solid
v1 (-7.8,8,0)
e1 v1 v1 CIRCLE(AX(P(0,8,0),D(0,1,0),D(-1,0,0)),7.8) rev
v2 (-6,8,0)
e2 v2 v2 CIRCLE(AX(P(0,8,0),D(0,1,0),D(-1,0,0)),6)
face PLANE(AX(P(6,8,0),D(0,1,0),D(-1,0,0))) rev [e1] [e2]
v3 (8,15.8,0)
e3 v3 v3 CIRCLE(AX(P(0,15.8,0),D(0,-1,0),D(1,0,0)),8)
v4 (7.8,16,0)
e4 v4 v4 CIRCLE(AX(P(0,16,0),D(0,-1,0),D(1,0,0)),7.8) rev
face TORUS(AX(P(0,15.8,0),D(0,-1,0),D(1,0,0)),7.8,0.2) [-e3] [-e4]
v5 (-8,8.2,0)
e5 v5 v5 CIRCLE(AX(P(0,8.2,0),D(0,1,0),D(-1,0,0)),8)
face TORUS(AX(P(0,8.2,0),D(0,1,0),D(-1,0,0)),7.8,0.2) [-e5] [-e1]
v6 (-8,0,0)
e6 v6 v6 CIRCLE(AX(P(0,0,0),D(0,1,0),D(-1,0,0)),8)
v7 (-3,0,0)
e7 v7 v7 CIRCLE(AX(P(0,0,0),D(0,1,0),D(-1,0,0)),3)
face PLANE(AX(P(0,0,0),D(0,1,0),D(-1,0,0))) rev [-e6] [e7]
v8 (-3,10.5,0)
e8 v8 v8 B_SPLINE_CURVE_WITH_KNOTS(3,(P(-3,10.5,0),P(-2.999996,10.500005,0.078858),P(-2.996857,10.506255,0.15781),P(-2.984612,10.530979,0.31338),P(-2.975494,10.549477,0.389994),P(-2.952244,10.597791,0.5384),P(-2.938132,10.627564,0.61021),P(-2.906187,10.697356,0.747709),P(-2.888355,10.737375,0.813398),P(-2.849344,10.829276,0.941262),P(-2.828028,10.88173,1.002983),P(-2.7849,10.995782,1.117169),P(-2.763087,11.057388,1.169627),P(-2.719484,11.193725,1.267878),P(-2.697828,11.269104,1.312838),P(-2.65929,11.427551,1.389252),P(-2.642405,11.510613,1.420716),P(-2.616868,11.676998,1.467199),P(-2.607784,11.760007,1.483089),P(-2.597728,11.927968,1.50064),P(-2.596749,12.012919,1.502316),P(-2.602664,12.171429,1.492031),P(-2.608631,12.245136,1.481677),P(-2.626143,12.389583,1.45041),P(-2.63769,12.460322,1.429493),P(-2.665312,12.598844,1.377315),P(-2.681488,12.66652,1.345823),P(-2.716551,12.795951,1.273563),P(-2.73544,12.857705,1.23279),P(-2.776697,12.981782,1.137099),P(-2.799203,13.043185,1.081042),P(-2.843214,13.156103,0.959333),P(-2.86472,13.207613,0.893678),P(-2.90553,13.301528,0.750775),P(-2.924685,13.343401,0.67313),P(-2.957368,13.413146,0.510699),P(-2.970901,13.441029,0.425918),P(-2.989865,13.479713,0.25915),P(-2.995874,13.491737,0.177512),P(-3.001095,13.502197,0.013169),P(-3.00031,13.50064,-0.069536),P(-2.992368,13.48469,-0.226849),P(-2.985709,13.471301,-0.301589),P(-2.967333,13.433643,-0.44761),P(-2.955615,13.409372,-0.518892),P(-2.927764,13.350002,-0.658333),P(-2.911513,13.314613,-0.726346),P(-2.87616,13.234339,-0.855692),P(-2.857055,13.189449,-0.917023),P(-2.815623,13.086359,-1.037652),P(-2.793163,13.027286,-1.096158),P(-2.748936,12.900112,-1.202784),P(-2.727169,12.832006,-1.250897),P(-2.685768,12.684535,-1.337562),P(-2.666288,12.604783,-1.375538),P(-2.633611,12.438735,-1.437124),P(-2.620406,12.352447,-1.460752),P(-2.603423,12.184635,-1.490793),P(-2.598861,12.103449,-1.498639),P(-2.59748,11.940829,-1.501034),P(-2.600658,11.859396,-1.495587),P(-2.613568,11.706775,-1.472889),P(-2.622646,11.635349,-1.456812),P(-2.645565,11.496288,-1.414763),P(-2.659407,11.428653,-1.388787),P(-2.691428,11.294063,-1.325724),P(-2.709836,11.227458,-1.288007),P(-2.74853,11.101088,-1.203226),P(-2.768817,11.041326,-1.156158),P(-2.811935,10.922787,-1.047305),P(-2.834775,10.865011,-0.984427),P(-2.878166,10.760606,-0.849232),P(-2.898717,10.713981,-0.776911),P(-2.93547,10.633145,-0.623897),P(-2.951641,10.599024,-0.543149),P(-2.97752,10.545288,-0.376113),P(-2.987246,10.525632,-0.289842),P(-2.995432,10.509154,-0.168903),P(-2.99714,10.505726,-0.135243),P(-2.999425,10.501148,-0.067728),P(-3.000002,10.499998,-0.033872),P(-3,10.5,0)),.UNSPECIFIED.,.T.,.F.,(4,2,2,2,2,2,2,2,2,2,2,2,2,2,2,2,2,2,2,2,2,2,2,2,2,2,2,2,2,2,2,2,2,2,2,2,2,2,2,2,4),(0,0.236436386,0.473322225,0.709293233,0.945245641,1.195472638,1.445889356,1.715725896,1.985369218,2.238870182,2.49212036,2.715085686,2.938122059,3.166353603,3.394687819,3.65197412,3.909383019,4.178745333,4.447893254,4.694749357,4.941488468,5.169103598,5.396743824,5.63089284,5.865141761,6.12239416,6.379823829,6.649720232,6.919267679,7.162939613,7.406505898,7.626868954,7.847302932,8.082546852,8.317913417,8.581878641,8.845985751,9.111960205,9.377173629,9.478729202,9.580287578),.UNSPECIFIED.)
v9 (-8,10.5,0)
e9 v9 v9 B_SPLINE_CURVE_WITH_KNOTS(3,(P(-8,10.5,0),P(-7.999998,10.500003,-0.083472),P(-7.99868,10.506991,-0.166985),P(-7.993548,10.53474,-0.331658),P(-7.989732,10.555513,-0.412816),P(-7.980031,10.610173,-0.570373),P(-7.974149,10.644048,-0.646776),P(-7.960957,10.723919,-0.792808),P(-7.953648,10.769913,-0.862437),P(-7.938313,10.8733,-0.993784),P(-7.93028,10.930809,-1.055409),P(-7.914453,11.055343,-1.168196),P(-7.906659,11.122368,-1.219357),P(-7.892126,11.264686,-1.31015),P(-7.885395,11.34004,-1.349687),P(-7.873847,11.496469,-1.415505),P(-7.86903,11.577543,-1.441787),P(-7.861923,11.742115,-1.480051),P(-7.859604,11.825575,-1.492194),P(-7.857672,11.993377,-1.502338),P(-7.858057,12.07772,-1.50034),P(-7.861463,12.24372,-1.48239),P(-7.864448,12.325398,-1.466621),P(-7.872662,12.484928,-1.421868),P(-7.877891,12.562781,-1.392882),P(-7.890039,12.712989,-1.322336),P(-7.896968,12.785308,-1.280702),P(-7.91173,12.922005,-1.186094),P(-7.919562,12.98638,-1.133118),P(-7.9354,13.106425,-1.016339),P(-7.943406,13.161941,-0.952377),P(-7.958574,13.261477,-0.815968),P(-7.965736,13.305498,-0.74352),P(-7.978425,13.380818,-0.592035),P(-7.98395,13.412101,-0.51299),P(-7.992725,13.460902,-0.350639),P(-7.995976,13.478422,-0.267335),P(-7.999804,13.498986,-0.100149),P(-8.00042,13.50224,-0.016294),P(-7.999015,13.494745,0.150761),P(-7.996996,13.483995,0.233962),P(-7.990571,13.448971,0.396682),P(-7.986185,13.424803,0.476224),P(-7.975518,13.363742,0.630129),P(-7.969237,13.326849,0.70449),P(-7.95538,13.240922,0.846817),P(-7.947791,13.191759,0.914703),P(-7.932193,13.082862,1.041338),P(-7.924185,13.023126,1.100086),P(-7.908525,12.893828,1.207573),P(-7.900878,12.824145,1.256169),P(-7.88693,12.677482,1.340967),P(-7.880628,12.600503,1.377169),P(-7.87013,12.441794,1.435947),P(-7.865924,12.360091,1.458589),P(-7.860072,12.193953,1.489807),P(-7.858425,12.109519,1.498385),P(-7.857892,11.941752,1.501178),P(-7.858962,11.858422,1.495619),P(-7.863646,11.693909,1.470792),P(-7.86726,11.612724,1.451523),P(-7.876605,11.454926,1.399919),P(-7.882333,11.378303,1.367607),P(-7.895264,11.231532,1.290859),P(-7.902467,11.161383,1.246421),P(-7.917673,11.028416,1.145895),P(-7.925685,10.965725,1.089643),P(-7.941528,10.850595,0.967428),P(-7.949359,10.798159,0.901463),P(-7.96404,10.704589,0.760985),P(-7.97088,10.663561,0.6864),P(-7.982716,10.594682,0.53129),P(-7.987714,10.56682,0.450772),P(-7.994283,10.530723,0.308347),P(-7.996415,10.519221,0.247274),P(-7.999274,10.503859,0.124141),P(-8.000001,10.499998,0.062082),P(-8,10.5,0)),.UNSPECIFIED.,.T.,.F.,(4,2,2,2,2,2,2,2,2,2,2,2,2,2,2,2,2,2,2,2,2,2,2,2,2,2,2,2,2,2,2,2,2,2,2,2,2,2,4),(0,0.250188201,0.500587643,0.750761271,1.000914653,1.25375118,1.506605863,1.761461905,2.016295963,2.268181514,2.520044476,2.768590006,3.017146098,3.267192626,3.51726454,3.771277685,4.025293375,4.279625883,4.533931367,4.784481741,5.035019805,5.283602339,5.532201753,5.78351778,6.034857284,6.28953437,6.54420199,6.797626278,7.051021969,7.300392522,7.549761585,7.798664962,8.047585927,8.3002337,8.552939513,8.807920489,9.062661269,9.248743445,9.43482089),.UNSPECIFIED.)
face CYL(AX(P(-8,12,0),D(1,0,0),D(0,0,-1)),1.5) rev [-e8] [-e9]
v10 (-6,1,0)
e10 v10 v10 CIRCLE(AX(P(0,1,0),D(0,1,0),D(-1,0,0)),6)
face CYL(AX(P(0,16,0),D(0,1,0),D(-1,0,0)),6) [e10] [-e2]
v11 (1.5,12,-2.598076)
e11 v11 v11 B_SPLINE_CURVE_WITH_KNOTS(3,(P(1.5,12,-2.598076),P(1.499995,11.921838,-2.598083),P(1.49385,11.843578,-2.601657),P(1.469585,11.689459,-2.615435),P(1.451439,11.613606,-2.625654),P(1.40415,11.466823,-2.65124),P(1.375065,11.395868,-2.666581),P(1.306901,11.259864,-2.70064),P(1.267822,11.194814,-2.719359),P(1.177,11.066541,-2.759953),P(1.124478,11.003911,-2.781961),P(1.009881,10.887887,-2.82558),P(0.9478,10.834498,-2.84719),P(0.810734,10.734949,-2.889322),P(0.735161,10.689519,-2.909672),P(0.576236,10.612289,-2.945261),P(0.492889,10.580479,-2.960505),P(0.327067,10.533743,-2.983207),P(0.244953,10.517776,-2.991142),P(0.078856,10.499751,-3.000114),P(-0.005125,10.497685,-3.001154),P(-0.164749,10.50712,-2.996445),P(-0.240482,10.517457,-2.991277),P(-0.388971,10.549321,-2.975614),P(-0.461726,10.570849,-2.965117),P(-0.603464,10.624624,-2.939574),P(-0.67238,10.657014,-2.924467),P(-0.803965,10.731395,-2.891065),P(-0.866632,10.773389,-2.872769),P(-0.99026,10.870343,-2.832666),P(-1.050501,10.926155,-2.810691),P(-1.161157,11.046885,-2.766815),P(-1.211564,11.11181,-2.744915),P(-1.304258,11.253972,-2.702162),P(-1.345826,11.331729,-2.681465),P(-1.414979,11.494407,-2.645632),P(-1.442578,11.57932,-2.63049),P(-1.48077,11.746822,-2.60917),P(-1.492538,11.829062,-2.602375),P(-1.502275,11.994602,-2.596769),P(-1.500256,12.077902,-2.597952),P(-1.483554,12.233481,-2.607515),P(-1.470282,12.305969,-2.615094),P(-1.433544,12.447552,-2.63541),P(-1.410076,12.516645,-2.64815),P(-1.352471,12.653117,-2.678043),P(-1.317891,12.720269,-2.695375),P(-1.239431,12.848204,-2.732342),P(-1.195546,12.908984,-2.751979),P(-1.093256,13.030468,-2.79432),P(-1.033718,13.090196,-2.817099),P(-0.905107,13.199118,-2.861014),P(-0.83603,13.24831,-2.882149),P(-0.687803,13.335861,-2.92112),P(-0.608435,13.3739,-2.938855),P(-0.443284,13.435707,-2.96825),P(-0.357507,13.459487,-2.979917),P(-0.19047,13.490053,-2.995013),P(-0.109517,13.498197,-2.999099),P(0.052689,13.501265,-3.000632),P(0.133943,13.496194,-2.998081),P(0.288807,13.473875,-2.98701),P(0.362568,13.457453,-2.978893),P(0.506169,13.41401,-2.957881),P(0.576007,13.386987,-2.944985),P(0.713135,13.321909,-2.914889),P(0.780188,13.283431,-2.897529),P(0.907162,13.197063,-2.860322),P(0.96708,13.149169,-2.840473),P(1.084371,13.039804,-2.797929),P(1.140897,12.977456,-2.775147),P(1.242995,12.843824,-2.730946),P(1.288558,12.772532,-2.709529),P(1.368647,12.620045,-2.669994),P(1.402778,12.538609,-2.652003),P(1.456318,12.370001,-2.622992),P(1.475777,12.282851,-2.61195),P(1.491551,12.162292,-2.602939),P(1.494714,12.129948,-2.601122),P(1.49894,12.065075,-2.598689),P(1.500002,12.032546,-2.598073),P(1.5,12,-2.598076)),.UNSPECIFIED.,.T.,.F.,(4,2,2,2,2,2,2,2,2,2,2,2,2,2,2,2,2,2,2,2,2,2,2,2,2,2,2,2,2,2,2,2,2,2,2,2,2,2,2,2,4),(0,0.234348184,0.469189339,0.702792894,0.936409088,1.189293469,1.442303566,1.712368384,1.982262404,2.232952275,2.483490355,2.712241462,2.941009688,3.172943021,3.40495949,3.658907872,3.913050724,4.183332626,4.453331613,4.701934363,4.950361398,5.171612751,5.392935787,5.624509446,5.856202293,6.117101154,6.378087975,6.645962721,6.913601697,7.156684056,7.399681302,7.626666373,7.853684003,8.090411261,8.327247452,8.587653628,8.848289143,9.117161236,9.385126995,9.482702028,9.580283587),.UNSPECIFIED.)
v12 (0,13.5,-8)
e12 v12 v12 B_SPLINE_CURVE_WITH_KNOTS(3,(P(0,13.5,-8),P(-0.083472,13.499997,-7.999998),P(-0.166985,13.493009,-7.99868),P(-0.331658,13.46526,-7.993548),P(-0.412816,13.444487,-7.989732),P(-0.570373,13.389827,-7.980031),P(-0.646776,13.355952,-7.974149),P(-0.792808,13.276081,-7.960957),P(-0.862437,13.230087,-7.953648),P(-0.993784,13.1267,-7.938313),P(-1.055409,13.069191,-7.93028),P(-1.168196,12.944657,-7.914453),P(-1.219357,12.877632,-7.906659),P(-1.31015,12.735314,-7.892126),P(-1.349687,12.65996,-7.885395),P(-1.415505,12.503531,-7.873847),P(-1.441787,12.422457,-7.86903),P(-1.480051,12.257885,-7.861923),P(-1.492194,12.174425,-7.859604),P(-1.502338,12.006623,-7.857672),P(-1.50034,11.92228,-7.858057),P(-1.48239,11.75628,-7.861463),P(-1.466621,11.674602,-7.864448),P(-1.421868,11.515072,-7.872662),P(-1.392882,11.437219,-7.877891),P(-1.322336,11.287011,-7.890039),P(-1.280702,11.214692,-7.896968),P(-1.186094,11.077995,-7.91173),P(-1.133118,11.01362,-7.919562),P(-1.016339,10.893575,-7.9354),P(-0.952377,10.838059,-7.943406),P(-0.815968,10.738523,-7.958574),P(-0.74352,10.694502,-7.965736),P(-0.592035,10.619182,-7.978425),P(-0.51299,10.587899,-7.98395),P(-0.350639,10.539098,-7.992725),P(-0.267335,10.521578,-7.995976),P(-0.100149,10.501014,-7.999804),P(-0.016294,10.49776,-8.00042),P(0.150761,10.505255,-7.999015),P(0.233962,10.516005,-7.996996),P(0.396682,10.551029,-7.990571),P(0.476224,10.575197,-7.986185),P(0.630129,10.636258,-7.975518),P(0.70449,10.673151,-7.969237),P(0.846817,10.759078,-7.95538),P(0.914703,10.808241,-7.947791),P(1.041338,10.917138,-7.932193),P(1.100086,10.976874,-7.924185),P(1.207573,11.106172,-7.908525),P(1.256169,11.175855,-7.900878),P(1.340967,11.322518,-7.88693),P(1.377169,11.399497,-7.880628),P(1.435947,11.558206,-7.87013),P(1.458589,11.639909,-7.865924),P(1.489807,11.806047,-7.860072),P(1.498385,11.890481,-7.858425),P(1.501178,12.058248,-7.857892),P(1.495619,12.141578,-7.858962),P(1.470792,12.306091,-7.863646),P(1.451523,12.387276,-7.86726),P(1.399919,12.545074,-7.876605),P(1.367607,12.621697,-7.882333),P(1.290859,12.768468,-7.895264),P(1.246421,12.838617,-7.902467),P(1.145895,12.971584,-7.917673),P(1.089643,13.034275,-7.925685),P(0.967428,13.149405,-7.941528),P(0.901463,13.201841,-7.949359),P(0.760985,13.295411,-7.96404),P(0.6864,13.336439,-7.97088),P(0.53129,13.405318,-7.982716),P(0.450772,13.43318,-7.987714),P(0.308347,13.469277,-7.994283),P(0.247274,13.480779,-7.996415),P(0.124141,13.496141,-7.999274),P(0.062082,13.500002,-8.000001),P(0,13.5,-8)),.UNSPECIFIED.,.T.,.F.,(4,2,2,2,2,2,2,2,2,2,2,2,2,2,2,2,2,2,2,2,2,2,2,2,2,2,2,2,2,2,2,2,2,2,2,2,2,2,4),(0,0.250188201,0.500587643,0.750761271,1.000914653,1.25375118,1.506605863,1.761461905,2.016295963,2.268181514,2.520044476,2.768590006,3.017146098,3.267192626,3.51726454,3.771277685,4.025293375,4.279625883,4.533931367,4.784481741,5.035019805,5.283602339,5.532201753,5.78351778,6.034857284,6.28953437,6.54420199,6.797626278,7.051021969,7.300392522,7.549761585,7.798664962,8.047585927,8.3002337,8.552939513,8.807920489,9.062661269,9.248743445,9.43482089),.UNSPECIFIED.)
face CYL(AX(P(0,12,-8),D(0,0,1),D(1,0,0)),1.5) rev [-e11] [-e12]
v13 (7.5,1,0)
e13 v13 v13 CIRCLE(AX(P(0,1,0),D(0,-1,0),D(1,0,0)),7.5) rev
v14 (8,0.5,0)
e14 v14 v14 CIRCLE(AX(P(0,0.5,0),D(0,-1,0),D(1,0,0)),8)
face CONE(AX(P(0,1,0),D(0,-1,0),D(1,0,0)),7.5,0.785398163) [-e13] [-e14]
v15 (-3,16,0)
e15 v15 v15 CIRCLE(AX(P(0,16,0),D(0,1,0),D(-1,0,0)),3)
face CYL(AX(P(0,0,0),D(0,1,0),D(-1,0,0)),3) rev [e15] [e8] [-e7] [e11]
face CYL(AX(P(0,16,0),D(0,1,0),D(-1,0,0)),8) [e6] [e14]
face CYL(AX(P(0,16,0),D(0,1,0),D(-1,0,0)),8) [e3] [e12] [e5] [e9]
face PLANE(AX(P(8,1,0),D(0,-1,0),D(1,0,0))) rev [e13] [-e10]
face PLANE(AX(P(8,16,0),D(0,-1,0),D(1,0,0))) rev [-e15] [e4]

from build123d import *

# Parameters (mm, degrees)
CHAMFER1_SIZE      = 0.5
SKETCH2_R          = 3
CUT_EXTRUDE1_DEPTH = 20.595917942
SKETCH3_R          = 1.5
CUT_EXTRUDE2_DEPTH = 20.595917942
SKETCH4_R          = 1.5
CUT_EXTRUDE3_DEPTH = 20.595918106
FILLET1_R          = 0.2


with BuildPart() as part:
    # Sketch1 → Revolve1 (revolve)
    with BuildSketch(Plane.XY, mode=Mode.PRIVATE) as revolve1_sk:
        Polygon((0, 0), (8, 0), (8, 1), (6, 1), (6, 8), (8, 8), (8, 16), (0, 16), align=None)
    revolve(revolve1_sk.sketch.rotate(Axis((0, 16, 0), (0, -1, 0)), 180), axis=Axis((0, 16, 0), (0, -1, 0)))

    # Chamfer1
    chamfer1_edges = [part.edges().sort_by_distance(p)[0] for p in [
        (8, 1, 0),
    ]]
    chamfer(chamfer1_edges, length=CHAMFER1_SIZE)

    # Sketch2 → Cut-Extrude1 (cut, through all)
    with BuildSketch(Plane(origin=(0, 16, 0), x_dir=(1, 0, 0), z_dir=(0, 1, 0))):
        with Locations(Location((0, 0, 0), (0, 0, 180))):
            Circle(SKETCH2_R)
    extrude(amount=-CUT_EXTRUDE1_DEPTH, mode=Mode.SUBTRACT)

    # Sketch3 → Cut-Extrude2 (cut, through all)
    with BuildSketch(Plane(origin=(0, 0, 0), x_dir=(0, 0, -1), z_dir=(1, 0, 0))):
        with Locations(Location((0, 12, 0), (0, 0, 89.999999999))):
            Circle(SKETCH3_R)
    extrude(amount=-CUT_EXTRUDE2_DEPTH, mode=Mode.SUBTRACT)

    # Sketch4 → Cut-Extrude3 (cut, through all)
    with BuildSketch(Plane.XY):
        with Locations((0, 12)):
            Circle(SKETCH4_R)
    extrude(amount=-CUT_EXTRUDE3_DEPTH, mode=Mode.SUBTRACT)

    # Fillet1
    fillet1_edges = [part.edges().sort_by_distance(p)[0] for p in [
        (8, 16, 0),
        (8, 8, 0),
    ]]
    fillet(fillet1_edges, radius=FILLET1_R)


solid = part.part
